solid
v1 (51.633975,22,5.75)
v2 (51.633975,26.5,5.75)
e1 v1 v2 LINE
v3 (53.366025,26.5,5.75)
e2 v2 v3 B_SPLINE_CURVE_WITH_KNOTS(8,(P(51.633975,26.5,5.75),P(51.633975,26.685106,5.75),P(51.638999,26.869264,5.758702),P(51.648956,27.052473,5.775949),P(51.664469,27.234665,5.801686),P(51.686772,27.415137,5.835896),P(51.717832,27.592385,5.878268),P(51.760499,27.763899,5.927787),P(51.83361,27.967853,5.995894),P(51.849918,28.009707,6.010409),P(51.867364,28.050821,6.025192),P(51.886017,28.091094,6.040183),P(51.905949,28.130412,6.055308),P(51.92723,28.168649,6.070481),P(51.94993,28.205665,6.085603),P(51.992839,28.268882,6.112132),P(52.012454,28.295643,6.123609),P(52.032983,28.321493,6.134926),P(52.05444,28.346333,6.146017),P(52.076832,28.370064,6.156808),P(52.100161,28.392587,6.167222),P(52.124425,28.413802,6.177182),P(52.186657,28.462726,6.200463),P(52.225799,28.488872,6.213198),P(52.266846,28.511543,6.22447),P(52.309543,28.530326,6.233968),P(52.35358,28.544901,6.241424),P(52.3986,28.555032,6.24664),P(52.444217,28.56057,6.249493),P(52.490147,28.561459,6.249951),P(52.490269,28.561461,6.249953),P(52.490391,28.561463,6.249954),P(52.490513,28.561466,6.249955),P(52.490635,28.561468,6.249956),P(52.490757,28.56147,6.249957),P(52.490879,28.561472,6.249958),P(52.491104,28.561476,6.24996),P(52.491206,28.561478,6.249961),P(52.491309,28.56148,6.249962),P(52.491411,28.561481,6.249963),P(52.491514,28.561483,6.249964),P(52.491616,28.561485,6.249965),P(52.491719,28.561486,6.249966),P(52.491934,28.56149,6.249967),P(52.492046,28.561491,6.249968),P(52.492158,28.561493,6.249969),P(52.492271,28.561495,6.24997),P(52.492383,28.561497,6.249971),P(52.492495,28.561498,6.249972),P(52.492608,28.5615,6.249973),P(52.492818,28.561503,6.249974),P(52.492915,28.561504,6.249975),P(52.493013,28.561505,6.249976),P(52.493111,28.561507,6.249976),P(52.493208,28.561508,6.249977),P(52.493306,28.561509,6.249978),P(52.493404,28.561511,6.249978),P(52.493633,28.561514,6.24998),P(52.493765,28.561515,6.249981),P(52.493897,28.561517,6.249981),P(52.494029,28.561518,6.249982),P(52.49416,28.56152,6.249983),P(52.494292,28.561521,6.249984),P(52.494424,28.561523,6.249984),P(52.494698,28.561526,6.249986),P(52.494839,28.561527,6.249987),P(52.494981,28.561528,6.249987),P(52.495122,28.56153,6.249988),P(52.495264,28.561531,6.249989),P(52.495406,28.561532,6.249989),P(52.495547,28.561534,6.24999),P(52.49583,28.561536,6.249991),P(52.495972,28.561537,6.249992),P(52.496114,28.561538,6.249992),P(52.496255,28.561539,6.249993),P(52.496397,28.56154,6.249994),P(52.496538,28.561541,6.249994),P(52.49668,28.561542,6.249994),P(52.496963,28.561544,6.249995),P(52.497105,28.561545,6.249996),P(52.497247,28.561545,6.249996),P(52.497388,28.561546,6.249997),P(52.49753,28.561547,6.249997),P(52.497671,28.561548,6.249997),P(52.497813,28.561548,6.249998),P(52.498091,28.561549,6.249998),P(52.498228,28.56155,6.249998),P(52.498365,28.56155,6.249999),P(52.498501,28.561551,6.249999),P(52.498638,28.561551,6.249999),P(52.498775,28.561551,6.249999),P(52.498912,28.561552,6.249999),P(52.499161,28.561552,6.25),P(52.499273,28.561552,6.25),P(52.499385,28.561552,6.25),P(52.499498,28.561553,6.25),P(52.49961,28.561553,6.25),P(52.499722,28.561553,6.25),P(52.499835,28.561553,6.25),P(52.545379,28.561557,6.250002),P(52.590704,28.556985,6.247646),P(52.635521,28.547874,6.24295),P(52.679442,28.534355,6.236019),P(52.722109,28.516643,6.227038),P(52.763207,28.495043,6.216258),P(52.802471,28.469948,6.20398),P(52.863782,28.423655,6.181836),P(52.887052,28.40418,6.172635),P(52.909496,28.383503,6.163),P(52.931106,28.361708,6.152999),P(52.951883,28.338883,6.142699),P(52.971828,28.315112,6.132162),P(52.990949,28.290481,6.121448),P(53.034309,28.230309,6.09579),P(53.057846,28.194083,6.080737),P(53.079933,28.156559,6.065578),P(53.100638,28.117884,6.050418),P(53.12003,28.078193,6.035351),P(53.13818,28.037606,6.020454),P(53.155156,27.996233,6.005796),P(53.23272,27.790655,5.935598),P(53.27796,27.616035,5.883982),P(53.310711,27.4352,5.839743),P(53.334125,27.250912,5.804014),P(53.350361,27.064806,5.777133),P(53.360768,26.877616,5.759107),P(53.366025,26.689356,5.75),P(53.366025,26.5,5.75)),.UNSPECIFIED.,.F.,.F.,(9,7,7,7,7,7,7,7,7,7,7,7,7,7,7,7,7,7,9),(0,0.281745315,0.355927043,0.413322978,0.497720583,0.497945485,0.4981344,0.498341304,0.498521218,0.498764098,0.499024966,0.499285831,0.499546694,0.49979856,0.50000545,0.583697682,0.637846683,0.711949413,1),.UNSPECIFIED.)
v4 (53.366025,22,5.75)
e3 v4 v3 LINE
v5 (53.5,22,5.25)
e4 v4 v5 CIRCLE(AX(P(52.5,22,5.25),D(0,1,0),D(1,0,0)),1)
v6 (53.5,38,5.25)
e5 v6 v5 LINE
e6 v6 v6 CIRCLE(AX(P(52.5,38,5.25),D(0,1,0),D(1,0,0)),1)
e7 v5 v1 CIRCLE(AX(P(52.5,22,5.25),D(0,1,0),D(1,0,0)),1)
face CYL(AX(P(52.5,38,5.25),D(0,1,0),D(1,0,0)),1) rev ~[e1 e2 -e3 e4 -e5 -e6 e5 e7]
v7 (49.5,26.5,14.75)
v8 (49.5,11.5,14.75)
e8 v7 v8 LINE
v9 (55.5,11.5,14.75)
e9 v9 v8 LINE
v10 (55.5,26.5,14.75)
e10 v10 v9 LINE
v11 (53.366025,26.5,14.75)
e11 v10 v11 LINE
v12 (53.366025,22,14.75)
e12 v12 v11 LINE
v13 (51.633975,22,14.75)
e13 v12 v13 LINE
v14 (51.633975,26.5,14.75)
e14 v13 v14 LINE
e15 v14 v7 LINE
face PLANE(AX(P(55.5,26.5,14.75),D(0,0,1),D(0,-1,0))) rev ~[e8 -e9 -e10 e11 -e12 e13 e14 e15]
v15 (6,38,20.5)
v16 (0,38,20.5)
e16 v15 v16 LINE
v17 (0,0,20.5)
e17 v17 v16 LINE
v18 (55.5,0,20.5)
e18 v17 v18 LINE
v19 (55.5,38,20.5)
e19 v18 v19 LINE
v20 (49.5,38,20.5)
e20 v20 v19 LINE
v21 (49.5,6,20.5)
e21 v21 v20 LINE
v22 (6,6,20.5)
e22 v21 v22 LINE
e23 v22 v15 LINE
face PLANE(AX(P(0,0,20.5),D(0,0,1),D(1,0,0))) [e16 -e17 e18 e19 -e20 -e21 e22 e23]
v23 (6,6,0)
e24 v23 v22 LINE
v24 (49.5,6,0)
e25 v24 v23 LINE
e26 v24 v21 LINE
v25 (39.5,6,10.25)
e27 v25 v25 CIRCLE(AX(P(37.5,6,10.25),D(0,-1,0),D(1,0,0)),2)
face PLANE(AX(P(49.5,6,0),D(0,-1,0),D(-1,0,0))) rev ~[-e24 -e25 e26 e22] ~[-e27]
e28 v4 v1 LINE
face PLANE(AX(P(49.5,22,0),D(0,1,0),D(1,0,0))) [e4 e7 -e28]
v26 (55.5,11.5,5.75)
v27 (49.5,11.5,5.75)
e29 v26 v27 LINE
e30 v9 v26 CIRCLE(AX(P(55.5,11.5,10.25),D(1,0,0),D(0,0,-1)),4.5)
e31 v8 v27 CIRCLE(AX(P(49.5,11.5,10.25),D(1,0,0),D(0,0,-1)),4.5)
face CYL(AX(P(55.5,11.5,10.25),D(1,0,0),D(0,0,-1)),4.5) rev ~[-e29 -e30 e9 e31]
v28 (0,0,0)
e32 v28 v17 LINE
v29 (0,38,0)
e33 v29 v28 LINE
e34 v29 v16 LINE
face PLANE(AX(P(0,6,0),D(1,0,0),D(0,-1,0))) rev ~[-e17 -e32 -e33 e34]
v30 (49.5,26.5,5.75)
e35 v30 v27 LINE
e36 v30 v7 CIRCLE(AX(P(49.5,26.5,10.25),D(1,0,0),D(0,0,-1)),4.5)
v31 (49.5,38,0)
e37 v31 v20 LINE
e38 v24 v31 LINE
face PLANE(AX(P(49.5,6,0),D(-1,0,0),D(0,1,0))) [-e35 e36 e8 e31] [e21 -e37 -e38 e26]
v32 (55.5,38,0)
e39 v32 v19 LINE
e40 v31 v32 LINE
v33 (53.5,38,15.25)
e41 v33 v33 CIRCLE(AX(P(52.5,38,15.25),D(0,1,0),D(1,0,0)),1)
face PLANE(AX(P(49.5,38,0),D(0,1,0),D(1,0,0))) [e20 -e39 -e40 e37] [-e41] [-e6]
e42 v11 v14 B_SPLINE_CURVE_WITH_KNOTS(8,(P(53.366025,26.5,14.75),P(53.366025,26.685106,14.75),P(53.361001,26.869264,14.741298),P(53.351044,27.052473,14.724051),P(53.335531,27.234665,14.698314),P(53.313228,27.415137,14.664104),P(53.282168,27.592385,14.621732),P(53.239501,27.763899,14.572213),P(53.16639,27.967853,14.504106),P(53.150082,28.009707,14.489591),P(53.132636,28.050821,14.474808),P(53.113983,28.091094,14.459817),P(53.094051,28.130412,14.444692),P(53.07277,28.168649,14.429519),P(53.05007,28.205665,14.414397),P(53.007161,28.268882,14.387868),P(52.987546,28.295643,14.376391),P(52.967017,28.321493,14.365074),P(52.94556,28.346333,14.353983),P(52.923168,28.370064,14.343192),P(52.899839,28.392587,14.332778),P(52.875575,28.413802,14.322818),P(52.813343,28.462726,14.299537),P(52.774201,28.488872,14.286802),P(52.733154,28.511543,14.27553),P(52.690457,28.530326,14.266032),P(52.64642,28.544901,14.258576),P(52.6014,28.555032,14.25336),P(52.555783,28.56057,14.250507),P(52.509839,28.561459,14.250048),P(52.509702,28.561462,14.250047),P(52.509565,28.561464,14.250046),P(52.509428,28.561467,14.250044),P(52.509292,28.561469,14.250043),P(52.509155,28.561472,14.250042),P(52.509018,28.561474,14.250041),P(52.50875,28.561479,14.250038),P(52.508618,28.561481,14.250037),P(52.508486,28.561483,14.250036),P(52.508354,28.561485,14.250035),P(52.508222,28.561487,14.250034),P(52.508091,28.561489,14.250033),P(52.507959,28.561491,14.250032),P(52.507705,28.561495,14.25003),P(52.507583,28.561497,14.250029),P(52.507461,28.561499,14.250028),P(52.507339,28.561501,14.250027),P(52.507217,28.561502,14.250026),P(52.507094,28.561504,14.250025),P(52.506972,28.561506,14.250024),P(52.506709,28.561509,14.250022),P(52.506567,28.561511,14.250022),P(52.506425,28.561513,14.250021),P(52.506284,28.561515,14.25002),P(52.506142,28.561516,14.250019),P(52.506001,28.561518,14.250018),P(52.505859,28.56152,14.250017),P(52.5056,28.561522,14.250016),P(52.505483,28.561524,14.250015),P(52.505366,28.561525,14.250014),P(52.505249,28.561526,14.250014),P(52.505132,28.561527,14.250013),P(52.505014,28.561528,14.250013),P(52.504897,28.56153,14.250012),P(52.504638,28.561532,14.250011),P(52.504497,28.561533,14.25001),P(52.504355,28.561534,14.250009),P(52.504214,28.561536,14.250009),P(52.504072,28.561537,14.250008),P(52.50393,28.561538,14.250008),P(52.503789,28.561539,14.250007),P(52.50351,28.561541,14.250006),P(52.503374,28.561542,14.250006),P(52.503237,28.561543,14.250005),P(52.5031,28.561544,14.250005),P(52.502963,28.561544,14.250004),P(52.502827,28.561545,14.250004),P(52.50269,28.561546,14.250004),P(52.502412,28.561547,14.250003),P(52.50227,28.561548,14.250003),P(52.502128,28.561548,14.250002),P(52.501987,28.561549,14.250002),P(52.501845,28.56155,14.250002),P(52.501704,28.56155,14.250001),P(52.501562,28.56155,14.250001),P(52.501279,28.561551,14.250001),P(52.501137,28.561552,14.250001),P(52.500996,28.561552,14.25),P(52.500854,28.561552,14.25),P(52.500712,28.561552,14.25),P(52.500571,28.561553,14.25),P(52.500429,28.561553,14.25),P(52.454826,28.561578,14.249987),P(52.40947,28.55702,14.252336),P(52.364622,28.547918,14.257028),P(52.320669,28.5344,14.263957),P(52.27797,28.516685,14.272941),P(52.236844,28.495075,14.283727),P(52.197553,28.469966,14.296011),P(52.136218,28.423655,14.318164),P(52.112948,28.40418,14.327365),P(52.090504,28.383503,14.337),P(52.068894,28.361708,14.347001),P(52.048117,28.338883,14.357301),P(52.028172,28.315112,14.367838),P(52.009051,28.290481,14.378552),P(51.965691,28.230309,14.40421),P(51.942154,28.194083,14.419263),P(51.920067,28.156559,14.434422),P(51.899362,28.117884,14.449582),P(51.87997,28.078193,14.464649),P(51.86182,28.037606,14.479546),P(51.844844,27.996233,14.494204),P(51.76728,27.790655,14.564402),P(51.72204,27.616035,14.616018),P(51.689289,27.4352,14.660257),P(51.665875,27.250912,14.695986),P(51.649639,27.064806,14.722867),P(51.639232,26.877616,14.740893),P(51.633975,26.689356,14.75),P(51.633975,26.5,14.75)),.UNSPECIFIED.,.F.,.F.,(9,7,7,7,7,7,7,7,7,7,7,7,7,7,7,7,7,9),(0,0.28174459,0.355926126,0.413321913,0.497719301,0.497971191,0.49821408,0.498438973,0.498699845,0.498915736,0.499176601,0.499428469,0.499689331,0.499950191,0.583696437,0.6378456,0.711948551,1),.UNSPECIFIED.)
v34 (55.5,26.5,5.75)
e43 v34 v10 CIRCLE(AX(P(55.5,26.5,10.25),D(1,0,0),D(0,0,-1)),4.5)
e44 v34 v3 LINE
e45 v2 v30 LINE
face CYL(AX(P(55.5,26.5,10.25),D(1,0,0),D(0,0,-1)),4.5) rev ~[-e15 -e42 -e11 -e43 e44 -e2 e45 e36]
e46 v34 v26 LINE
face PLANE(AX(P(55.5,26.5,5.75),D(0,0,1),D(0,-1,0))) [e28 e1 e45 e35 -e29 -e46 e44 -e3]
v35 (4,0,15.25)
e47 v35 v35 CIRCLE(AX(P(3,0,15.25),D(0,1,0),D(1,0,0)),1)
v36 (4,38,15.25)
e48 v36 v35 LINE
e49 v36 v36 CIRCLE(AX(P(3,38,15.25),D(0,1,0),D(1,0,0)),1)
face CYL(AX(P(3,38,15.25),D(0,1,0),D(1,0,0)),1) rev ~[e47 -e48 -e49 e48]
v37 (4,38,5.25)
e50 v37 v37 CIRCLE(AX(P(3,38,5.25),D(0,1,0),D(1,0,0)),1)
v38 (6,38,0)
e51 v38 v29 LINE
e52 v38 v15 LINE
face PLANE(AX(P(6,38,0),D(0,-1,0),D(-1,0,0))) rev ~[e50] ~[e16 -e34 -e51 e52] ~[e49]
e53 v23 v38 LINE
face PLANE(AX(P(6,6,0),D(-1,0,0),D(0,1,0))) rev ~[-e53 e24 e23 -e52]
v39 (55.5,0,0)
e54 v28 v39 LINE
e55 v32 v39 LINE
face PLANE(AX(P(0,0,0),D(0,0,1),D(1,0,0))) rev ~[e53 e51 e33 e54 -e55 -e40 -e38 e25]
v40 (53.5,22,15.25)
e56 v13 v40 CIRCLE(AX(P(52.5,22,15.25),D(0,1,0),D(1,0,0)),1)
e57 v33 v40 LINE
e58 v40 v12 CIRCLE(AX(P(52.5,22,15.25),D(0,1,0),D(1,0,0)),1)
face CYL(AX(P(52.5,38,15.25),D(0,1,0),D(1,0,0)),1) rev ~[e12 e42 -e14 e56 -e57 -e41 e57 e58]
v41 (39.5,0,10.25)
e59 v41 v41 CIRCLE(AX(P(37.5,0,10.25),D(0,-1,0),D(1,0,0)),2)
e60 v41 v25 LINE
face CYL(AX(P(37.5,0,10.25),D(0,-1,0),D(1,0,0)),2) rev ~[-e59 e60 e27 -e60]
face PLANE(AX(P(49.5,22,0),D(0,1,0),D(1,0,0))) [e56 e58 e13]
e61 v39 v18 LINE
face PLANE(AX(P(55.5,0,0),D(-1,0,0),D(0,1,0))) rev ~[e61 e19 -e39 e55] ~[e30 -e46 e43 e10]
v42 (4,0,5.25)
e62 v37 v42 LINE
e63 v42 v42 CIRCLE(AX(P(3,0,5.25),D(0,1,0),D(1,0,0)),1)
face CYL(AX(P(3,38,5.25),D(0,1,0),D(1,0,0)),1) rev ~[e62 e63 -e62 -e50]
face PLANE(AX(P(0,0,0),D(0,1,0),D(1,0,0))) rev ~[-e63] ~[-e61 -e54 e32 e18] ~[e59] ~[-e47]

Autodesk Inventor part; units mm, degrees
ref_plane "YZ Plane" through (0, 0, 0) normal (1, 0, 0) x (0, 1, 0)
ref_plane "XZ Plane" through (0, 0, 0) normal (0, 1, 0) x (-1, 0, 0)
ref_plane "XY Plane" through (0, 0, 0) normal (0, 0, 1) x (1, 0, 0)
sketch "Эскиз1" plane through (0, 0, 0) normal (0, 0, 1) x (1, 0, 0)
  line L0 (0, 0) -> (55.5, 0)
  line L1 (55.5, 0) -> (55.5, 6)
  line L2 (55.5, 6) -> (0, 6)
  line L3 (0, 6) -> (0, 0)
  line L4 (0, 6) -> (6, 6)
  line L5 (6, 6) -> (6, 38)
  line L6 (6, 38) -> (0, 38)
  line L7 (0, 38) -> (0, 6)
  line L8 (55.5, 6) -> (49.5, 6)
  line L9 (49.5, 6) -> (49.5, 38)
  line L10 (49.5, 38) -> (55.5, 38)
  line L11 (55.5, 38) -> (55.5, 6)
  dimension "d0" = 38
  dimension "d1" = 6
  dimension "d2" = 6
  dimension "d3" = 6
  dimension "d4" = 38
  dimension "d5" = 55.5
extrude "Выдавливание1" add sketch "Эскиз1" along normal blind 20.5
sketch "Эскиз2" plane through (55.5, 0, 0) normal (1, 0, 0) x (0, 0, -1)
  circle A0 centre (-10.25, 26.5) radius 4.5
  circle A1 centre (-10.25, 11.5) radius 4.5
  line L0 (-5.75, 26.5) -> (-5.75, 11.5)
  line L1 (-14.75, 26.5) -> (-14.75, 11.5)
  line L2 (0, 0) -> (-20.5, 0) projected
  point P0 (-10.25, 0)
  dimension "d8" = 9
  dimension "d9" = 11.5
  dimension "d10" = 24
extrude "Выдавливание2" cut sketch "Эскиз2" against normal up to next
sketch "Эскиз3" plane through (0, 0, 0) normal (0, -1, 0) x (1, 0, 0)
  circle A0 centre (37.5, 10.25) radius 2
  line L0 (55.5, 0) -> (55.5, 20.5) projected
  point P0 (0, 0)
  point P1 (55.5, 10.25)
  dimension "d13" = 4
  dimension "d14" = 18
extrude "Выдавливание3" cut sketch "Эскиз3" against normal up to next
sketch "Эскиз4" plane through (49.5, 38, 0) normal (0, 1, 0) x (1, 0, 0)
  circle A0 centre (3, -15.25) radius 1
  circle A1 centre (3, -5.25) radius 1
  line L0 (0, 0) -> (0, -20.5) projected
  line L1 (6, -20.5) -> (0, -20.5) projected
  line L2 (3, -5.25) -> (3, -15.25) construction
  point P0 (-49.5, 0)
  point P1 (3, -10.25)
  point P2 (0, -10.25)
  dimension "d17" = 2
  dimension "d18" = 10
  dimension "d19" = 2
extrude "Выдавливание4" cut sketch "Эскиз4" against normal blind 16
sketch "Эскиз5" plane through (0, 38, 0) normal (0, 1, 0) x (1, 0, 0)
  circle A0 centre (3, -5.25) radius 1
  circle A1 centre (3, -15.25) radius 1
  circle A2 centre (52.5, -5.25) radius 1 projected
  circle A3 centre (52.5, -15.25) radius 1 projected
  line L0 (6, 0) -> (0, 0) projected
  point P0 (3, 0)
  dimension "d23" = 2
extrude "Выдавливание5" cut sketch "Эскиз5" against normal up to next contours A0 | A1
properties part number "kreplenie2" material "Пластик АБС"
